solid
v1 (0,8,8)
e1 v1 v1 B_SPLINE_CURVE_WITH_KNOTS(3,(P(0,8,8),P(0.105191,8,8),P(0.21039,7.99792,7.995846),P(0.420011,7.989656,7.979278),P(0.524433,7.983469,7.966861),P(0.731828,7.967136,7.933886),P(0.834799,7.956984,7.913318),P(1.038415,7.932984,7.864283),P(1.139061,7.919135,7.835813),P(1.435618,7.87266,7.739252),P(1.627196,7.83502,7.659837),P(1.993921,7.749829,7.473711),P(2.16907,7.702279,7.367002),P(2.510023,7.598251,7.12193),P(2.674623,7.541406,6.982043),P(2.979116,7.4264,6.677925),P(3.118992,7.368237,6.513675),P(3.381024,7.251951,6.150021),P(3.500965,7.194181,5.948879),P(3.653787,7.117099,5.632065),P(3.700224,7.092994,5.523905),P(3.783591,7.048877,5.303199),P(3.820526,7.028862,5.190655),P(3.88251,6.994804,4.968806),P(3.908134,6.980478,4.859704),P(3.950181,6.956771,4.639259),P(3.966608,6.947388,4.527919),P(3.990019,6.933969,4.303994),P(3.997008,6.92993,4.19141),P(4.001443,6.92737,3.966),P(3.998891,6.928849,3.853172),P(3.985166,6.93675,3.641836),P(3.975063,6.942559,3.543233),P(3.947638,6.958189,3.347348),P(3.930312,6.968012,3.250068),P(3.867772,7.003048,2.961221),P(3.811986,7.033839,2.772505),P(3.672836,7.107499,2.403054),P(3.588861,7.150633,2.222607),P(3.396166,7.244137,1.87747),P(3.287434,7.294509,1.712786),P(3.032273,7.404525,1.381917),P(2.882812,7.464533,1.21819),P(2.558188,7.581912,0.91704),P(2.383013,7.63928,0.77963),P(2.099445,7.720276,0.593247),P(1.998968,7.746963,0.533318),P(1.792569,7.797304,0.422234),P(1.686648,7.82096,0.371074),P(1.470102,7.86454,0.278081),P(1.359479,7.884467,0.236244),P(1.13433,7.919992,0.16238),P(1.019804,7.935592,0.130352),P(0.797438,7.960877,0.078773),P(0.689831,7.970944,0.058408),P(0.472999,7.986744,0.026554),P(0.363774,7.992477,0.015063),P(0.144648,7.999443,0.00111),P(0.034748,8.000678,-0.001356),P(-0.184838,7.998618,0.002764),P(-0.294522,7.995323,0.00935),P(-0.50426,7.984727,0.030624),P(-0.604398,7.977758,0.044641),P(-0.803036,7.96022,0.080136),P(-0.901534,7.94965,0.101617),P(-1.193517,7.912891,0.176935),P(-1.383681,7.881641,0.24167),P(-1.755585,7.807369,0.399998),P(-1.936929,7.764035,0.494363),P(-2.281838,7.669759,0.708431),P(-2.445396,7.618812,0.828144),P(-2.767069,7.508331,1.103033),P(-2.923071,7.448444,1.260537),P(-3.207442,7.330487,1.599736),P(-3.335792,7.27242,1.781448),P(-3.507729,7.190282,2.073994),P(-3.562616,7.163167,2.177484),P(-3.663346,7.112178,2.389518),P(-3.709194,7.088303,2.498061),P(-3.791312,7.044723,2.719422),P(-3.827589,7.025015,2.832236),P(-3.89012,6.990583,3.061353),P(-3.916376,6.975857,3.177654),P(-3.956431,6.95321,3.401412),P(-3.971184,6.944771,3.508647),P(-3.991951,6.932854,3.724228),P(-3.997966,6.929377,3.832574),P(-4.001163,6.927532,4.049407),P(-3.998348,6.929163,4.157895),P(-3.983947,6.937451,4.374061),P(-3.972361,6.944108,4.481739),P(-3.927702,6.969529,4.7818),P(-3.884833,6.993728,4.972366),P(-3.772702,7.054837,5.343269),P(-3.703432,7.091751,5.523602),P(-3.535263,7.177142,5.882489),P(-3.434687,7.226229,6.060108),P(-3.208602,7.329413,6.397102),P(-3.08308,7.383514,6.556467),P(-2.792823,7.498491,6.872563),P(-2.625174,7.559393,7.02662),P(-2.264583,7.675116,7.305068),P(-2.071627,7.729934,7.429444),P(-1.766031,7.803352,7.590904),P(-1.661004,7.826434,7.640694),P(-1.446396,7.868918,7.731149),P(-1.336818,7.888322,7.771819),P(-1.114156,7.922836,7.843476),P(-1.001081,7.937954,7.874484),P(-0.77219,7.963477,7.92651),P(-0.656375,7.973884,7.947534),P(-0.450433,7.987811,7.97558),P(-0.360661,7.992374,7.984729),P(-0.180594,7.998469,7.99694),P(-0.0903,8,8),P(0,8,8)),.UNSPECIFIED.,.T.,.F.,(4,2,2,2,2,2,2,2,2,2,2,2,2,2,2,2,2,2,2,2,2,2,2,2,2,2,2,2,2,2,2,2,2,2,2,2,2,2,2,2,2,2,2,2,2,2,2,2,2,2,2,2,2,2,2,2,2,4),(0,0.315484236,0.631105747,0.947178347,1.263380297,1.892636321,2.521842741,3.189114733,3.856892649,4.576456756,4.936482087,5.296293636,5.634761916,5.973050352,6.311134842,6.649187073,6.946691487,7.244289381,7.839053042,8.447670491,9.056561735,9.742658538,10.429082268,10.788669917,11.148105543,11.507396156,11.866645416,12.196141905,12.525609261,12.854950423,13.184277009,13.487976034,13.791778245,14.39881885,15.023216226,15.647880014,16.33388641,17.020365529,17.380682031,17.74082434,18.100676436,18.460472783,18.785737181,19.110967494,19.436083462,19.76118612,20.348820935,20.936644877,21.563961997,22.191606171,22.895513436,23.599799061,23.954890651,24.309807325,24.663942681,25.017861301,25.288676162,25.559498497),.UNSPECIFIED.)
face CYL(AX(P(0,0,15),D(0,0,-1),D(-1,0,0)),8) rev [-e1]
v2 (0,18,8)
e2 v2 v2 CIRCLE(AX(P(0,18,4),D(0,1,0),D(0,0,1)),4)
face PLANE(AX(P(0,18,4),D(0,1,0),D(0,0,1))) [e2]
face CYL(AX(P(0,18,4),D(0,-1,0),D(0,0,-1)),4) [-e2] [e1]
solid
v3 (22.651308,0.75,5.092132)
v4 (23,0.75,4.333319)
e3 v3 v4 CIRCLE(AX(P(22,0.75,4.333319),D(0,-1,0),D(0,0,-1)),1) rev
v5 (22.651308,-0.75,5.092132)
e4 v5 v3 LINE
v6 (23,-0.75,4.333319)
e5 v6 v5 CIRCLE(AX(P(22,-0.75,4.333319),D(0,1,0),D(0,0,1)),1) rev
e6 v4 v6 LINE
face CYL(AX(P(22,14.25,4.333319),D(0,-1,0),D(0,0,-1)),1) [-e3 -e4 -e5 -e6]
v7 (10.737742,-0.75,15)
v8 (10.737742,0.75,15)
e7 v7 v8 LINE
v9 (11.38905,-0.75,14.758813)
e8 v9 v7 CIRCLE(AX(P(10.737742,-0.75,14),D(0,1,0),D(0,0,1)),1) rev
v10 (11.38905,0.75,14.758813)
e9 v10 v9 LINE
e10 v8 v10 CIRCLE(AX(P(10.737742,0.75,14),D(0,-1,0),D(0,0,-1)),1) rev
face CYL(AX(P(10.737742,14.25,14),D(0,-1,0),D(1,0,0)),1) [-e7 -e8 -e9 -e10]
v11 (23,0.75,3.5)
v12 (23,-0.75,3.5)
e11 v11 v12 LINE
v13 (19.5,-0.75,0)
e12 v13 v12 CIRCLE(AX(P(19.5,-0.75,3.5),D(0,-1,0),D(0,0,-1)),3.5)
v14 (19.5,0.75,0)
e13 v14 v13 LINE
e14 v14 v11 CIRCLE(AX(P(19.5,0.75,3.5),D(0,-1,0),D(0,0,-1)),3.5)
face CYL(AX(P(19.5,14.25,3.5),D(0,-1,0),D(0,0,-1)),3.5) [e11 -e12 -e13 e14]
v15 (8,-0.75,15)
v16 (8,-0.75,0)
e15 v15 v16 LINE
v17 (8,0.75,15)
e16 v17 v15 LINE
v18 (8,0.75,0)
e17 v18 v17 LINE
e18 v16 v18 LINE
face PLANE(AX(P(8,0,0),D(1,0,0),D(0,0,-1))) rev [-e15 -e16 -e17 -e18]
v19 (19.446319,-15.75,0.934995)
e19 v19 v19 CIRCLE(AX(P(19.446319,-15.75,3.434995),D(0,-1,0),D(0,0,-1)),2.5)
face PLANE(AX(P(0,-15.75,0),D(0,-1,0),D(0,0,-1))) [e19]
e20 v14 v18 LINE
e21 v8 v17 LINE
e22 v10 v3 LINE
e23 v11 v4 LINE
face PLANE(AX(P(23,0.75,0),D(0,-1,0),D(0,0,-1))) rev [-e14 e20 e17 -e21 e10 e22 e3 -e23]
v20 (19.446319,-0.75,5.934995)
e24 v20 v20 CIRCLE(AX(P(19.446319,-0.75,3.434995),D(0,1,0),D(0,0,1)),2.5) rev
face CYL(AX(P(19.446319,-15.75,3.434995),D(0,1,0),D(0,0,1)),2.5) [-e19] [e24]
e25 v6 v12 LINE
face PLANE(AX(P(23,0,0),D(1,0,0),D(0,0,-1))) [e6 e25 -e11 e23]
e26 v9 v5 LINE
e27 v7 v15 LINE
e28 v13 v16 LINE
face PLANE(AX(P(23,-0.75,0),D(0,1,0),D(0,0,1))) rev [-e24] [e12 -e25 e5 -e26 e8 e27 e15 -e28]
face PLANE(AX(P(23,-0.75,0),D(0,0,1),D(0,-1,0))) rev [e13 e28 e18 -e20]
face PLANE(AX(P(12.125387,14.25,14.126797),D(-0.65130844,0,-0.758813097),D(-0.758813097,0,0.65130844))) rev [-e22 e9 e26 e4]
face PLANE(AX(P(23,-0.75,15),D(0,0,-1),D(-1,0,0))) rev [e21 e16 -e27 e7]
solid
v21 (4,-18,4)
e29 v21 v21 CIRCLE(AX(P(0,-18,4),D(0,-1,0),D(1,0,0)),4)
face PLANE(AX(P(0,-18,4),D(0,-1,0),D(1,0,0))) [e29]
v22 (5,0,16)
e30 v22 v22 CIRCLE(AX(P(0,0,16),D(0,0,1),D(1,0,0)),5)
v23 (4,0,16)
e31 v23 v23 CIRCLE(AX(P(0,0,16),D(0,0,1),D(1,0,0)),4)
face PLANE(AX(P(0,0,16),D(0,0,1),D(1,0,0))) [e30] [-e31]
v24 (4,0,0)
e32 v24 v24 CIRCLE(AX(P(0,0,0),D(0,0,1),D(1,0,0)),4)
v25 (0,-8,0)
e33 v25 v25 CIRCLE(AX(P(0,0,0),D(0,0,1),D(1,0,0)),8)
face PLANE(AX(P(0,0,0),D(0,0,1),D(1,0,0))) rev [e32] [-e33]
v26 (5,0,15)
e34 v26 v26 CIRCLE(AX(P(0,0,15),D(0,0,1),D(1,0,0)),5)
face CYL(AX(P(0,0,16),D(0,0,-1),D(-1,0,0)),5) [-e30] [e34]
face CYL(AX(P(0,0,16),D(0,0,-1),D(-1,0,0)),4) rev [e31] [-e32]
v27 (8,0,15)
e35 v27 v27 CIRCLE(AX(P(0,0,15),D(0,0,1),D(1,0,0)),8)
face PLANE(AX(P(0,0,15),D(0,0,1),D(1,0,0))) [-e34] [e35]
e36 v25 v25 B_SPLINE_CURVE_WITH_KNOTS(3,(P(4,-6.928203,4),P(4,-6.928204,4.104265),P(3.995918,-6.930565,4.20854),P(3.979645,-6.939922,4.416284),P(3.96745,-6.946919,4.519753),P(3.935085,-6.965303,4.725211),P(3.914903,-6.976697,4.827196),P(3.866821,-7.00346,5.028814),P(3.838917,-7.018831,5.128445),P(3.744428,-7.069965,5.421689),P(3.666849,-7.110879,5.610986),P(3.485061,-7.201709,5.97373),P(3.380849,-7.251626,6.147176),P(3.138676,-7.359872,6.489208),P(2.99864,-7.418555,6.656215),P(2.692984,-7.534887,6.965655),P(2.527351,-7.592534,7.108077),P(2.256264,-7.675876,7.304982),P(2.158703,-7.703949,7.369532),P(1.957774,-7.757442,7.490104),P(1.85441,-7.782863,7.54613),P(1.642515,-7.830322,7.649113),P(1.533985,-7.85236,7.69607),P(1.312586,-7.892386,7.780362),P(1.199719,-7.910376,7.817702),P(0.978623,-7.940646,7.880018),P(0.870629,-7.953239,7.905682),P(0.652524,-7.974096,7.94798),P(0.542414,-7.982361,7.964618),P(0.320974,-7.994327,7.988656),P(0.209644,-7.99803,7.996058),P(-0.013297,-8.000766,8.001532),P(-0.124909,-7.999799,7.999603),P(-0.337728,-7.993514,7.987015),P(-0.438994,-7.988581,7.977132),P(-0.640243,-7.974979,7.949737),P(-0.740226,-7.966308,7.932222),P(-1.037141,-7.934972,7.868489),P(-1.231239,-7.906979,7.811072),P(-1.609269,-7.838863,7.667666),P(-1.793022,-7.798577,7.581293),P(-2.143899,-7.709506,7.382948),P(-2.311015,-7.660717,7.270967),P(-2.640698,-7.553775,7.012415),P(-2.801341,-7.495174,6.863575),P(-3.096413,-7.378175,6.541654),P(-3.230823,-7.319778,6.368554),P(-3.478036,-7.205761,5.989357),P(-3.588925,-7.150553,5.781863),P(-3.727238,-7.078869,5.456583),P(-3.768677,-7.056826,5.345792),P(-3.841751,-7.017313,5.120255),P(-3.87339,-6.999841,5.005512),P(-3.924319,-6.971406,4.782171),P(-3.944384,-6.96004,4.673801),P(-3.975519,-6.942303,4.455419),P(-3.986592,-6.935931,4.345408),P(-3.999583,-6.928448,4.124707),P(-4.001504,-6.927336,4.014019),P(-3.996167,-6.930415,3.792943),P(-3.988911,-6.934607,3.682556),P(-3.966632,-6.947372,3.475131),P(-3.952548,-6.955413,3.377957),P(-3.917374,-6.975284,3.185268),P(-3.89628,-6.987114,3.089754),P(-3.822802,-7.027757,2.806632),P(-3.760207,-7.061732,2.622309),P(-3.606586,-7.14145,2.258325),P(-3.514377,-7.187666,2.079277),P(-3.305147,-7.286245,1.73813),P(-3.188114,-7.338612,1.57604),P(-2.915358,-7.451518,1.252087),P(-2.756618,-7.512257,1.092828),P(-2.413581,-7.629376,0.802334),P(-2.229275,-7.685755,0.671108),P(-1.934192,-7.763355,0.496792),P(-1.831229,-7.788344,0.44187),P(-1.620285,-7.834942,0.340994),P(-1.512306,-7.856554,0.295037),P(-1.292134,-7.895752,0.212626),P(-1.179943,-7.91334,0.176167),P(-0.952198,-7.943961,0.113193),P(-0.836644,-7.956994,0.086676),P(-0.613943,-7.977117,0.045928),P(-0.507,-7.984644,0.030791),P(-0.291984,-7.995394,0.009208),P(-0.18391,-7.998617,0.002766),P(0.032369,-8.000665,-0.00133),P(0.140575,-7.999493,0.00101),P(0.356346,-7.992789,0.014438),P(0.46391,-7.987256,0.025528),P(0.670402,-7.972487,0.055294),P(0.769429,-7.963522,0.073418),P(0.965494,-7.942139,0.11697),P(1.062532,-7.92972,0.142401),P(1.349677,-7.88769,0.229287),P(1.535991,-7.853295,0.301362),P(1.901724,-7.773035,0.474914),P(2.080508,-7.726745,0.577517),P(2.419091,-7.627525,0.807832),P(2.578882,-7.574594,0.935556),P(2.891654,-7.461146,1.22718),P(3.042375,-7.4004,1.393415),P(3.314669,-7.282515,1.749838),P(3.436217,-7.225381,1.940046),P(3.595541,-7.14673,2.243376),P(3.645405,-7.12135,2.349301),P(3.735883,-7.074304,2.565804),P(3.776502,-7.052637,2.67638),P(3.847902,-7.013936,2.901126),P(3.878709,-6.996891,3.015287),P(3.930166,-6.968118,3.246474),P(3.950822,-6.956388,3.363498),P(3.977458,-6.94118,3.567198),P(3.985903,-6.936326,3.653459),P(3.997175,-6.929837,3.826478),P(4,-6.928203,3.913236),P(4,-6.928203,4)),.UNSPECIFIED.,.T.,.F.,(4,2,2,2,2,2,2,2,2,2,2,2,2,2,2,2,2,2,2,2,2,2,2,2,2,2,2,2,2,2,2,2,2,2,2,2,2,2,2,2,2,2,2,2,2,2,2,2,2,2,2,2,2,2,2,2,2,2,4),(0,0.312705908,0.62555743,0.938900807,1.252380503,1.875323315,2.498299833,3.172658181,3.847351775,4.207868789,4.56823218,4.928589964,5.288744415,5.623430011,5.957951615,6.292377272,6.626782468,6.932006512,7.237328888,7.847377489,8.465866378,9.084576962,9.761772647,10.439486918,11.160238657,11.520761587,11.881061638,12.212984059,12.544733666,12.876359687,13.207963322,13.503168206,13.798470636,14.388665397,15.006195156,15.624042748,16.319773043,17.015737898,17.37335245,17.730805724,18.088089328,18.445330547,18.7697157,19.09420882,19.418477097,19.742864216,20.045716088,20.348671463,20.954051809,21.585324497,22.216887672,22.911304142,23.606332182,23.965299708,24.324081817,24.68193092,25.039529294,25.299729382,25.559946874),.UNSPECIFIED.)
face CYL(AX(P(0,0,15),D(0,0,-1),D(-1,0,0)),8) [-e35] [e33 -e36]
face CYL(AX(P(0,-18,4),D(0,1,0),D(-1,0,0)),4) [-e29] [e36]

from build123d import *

# Parameters (mm, degrees)
SKETCH1_R                            = 8
BOSS_EXTRUDE1_DEPTH                  = 15
SKETCH2_R                            = 5
SKETCH2_R_2                          = 4
BOSS_EXTRUDE2_DEPTH                  = 1
CUT_EXTRUDE1_START                   = -15
SKETCH3_R                            = 4
CUT_EXTRUDE1_DEPTH                   = 15
SKETCH4_R                            = 4
BOSS_EXTRUDE3_DEPTH                  = 10
BOSS_EXTRUDE3_DIRECTION_2_REACH      = 26
BOSS_EXTRUDE3_DIRECTION_2_END_RADIUS = 8
SKETCH6_R                            = 4
BOSS_EXTRUDE4_DEPTH                  = 10
BOSS_EXTRUDE4_DIRECTION_2_REACH      = 33.559
BOSS_EXTRUDE4_DIRECTION_2_END_RADIUS = 8
SKETCH7_W                            = 15
SKETCH7_H                            = 1.5
BOSS_EXTRUDE5_DEPTH                  = 15
CUT_EXTRUDE2_DEPTH                   = 15
CUT_EXTRUDE3_DEPTH                   = 15
FILLET1_R                            = 1
FILLET2_R                            = 1
SKETCH12_R                           = 2.5
BOSS_EXTRUDE6_DEPTH                  = 15


with BuildPart() as part:
    # Sketch1 → Boss-Extrude1 (new body)
    with BuildSketch(Plane.XY):
        Circle(SKETCH1_R)
    extrude(amount=BOSS_EXTRUDE1_DEPTH)

    # Sketch2 → Boss-Extrude2 (add)
    with BuildSketch(Plane.XY.offset(15)):
        Circle(SKETCH2_R)
        Circle(SKETCH2_R_2, mode=Mode.SUBTRACT)
    extrude(amount=BOSS_EXTRUDE2_DEPTH)

    # Sketch3 → Cut-Extrude1 (cut)
    with BuildSketch(Plane.XY.offset(15).offset(CUT_EXTRUDE1_START)):
        Circle(SKETCH3_R)
    extrude(amount=CUT_EXTRUDE1_DEPTH, mode=Mode.SUBTRACT)

    # Sketch6 → Boss-Extrude4 (add)
    with BuildSketch(Plane(origin=(0, -8, 0), x_dir=(-1, 0, 0), z_dir=(0, -1, 0))):
        with Locations(Location((0, -4, 0), (0, 0, 270))):
            Circle(SKETCH6_R)
    extrude(amount=BOSS_EXTRUDE4_DEPTH)

    # Boss-Extrude4 direction 2: up to this cylinder (the profile starts outside it)
    boss_extrude4_direction_2_end = Plane(origin=(0, 0, 4), z_dir=(0, 0, -1)) * Cylinder(BOSS_EXTRUDE4_DIRECTION_2_END_RADIUS, 84.118, mode=Mode.PRIVATE)
    # Sketch6 → Boss-Extrude4 direction 2 (add, up to the surface)
    with BuildSketch(Plane(origin=(0, -8, 0), x_dir=(-1, 0, 0), z_dir=(0, -1, 0)), mode=Mode.PRIVATE) as boss_extrude4_direction_2_sk1:
        with Locations(Location((0, -4, 0), (0, 0, 270))):
            Circle(SKETCH6_R)
    boss_extrude4_direction_2_tool1 = extrude(boss_extrude4_direction_2_sk1.sketch, amount=-BOSS_EXTRUDE4_DIRECTION_2_REACH, mode=Mode.PRIVATE) - boss_extrude4_direction_2_end
    add(boss_extrude4_direction_2_tool1.solids().sort_by_distance((0, -8, 4))[0])
    add(boss_extrude4_direction_2_tool1.solids().sort_by_distance((0, -8, 4))[1])


with BuildPart() as body_2:
    # Sketch4 → Boss-Extrude3 (new body)
    with BuildSketch(Plane(origin=(0, 8, 0), x_dir=(1, 0, 0), z_dir=(0, 1, 0))):
        with Locations(Location((0, -4, 0), (0, 0, 270))):
            Circle(SKETCH4_R)
    extrude(amount=BOSS_EXTRUDE3_DEPTH)

    # Boss-Extrude3 direction 2: up to this cylinder (the profile starts outside it)
    boss_extrude3_direction_2_end = Plane(origin=(0, 0, 4), z_dir=(0, 0, -1)) * Cylinder(BOSS_EXTRUDE3_DIRECTION_2_END_RADIUS, 69, mode=Mode.PRIVATE)
    # Sketch4 → Boss-Extrude3 direction 2 (add, up to the surface)
    with BuildSketch(Plane(origin=(0, 8, 0), x_dir=(1, 0, 0), z_dir=(0, 1, 0)), mode=Mode.PRIVATE) as boss_extrude3_direction_2_sk1:
        with Locations(Location((0, -4, 0), (0, 0, 270))):
            Circle(SKETCH4_R)
    boss_extrude3_direction_2_tool1 = extrude(boss_extrude3_direction_2_sk1.sketch, amount=-BOSS_EXTRUDE3_DIRECTION_2_REACH, mode=Mode.PRIVATE) - boss_extrude3_direction_2_end
    add(boss_extrude3_direction_2_tool1.solids().sort_by_distance((0, 8, 4))[0])
    add(boss_extrude3_direction_2_tool1.solids().sort_by_distance((0, 8, 4))[1])


with BuildPart() as body_3:
    # Sketch7 → Boss-Extrude5 (new body)
    with BuildSketch(Plane(origin=(8, 0, 0), x_dir=(0, 0, -1), z_dir=(1, 0, 0))):
        with Locations((-7.5, 0)):
            Rectangle(SKETCH7_W, SKETCH7_H)
    extrude(amount=BOSS_EXTRUDE5_DEPTH)

    # Sketch9 → Cut-Extrude2 (cut)
    with BuildSketch(Plane.XZ.offset(0.75)):
        with BuildLine():
            ThreePointArc((23, 3.5), (21.974873734, 1.025126266), (19.5, 0))
            Line((19.5, 0), (23, 0))
            Line((23, 0), (23, 3.5))
        make_face()
    extrude(amount=-CUT_EXTRUDE2_DEPTH, mode=Mode.SUBTRACT)

    # Sketch11 → Cut-Extrude3 (cut)
    with BuildSketch(Plane(origin=(0, -0.75, 0), x_dir=(-1, 0, 0), z_dir=(0, -1, 0))):
        Polygon((-23, -15), (-11.108053079, -15), (-23, -4.792841708), align=None)
    extrude(amount=-CUT_EXTRUDE3_DEPTH, mode=Mode.SUBTRACT)

    # Fillet1
    fillet1_edges = [body_3.edges().sort_by_distance(p)[0] for p in [
        (11.108053079, 0, 15),
    ]]
    fillet(fillet1_edges, radius=FILLET1_R)

    # Fillet2
    fillet2_edges = [body_3.edges().sort_by_distance(p)[0] for p in [
        (23, 0, 4.792841708),
    ]]
    fillet(fillet2_edges, radius=FILLET2_R)

    # Sketch12 → Boss-Extrude6 (add)
    with BuildSketch(Plane.XZ.offset(0.75)):
        with Locations(Location((19.446318933, 3.434994956, 0), (0, 0, 90))):
            Circle(SKETCH12_R)
    extrude(amount=BOSS_EXTRUDE6_DEPTH)


solid = Compound([part.part, body_2.part, body_3.part])
